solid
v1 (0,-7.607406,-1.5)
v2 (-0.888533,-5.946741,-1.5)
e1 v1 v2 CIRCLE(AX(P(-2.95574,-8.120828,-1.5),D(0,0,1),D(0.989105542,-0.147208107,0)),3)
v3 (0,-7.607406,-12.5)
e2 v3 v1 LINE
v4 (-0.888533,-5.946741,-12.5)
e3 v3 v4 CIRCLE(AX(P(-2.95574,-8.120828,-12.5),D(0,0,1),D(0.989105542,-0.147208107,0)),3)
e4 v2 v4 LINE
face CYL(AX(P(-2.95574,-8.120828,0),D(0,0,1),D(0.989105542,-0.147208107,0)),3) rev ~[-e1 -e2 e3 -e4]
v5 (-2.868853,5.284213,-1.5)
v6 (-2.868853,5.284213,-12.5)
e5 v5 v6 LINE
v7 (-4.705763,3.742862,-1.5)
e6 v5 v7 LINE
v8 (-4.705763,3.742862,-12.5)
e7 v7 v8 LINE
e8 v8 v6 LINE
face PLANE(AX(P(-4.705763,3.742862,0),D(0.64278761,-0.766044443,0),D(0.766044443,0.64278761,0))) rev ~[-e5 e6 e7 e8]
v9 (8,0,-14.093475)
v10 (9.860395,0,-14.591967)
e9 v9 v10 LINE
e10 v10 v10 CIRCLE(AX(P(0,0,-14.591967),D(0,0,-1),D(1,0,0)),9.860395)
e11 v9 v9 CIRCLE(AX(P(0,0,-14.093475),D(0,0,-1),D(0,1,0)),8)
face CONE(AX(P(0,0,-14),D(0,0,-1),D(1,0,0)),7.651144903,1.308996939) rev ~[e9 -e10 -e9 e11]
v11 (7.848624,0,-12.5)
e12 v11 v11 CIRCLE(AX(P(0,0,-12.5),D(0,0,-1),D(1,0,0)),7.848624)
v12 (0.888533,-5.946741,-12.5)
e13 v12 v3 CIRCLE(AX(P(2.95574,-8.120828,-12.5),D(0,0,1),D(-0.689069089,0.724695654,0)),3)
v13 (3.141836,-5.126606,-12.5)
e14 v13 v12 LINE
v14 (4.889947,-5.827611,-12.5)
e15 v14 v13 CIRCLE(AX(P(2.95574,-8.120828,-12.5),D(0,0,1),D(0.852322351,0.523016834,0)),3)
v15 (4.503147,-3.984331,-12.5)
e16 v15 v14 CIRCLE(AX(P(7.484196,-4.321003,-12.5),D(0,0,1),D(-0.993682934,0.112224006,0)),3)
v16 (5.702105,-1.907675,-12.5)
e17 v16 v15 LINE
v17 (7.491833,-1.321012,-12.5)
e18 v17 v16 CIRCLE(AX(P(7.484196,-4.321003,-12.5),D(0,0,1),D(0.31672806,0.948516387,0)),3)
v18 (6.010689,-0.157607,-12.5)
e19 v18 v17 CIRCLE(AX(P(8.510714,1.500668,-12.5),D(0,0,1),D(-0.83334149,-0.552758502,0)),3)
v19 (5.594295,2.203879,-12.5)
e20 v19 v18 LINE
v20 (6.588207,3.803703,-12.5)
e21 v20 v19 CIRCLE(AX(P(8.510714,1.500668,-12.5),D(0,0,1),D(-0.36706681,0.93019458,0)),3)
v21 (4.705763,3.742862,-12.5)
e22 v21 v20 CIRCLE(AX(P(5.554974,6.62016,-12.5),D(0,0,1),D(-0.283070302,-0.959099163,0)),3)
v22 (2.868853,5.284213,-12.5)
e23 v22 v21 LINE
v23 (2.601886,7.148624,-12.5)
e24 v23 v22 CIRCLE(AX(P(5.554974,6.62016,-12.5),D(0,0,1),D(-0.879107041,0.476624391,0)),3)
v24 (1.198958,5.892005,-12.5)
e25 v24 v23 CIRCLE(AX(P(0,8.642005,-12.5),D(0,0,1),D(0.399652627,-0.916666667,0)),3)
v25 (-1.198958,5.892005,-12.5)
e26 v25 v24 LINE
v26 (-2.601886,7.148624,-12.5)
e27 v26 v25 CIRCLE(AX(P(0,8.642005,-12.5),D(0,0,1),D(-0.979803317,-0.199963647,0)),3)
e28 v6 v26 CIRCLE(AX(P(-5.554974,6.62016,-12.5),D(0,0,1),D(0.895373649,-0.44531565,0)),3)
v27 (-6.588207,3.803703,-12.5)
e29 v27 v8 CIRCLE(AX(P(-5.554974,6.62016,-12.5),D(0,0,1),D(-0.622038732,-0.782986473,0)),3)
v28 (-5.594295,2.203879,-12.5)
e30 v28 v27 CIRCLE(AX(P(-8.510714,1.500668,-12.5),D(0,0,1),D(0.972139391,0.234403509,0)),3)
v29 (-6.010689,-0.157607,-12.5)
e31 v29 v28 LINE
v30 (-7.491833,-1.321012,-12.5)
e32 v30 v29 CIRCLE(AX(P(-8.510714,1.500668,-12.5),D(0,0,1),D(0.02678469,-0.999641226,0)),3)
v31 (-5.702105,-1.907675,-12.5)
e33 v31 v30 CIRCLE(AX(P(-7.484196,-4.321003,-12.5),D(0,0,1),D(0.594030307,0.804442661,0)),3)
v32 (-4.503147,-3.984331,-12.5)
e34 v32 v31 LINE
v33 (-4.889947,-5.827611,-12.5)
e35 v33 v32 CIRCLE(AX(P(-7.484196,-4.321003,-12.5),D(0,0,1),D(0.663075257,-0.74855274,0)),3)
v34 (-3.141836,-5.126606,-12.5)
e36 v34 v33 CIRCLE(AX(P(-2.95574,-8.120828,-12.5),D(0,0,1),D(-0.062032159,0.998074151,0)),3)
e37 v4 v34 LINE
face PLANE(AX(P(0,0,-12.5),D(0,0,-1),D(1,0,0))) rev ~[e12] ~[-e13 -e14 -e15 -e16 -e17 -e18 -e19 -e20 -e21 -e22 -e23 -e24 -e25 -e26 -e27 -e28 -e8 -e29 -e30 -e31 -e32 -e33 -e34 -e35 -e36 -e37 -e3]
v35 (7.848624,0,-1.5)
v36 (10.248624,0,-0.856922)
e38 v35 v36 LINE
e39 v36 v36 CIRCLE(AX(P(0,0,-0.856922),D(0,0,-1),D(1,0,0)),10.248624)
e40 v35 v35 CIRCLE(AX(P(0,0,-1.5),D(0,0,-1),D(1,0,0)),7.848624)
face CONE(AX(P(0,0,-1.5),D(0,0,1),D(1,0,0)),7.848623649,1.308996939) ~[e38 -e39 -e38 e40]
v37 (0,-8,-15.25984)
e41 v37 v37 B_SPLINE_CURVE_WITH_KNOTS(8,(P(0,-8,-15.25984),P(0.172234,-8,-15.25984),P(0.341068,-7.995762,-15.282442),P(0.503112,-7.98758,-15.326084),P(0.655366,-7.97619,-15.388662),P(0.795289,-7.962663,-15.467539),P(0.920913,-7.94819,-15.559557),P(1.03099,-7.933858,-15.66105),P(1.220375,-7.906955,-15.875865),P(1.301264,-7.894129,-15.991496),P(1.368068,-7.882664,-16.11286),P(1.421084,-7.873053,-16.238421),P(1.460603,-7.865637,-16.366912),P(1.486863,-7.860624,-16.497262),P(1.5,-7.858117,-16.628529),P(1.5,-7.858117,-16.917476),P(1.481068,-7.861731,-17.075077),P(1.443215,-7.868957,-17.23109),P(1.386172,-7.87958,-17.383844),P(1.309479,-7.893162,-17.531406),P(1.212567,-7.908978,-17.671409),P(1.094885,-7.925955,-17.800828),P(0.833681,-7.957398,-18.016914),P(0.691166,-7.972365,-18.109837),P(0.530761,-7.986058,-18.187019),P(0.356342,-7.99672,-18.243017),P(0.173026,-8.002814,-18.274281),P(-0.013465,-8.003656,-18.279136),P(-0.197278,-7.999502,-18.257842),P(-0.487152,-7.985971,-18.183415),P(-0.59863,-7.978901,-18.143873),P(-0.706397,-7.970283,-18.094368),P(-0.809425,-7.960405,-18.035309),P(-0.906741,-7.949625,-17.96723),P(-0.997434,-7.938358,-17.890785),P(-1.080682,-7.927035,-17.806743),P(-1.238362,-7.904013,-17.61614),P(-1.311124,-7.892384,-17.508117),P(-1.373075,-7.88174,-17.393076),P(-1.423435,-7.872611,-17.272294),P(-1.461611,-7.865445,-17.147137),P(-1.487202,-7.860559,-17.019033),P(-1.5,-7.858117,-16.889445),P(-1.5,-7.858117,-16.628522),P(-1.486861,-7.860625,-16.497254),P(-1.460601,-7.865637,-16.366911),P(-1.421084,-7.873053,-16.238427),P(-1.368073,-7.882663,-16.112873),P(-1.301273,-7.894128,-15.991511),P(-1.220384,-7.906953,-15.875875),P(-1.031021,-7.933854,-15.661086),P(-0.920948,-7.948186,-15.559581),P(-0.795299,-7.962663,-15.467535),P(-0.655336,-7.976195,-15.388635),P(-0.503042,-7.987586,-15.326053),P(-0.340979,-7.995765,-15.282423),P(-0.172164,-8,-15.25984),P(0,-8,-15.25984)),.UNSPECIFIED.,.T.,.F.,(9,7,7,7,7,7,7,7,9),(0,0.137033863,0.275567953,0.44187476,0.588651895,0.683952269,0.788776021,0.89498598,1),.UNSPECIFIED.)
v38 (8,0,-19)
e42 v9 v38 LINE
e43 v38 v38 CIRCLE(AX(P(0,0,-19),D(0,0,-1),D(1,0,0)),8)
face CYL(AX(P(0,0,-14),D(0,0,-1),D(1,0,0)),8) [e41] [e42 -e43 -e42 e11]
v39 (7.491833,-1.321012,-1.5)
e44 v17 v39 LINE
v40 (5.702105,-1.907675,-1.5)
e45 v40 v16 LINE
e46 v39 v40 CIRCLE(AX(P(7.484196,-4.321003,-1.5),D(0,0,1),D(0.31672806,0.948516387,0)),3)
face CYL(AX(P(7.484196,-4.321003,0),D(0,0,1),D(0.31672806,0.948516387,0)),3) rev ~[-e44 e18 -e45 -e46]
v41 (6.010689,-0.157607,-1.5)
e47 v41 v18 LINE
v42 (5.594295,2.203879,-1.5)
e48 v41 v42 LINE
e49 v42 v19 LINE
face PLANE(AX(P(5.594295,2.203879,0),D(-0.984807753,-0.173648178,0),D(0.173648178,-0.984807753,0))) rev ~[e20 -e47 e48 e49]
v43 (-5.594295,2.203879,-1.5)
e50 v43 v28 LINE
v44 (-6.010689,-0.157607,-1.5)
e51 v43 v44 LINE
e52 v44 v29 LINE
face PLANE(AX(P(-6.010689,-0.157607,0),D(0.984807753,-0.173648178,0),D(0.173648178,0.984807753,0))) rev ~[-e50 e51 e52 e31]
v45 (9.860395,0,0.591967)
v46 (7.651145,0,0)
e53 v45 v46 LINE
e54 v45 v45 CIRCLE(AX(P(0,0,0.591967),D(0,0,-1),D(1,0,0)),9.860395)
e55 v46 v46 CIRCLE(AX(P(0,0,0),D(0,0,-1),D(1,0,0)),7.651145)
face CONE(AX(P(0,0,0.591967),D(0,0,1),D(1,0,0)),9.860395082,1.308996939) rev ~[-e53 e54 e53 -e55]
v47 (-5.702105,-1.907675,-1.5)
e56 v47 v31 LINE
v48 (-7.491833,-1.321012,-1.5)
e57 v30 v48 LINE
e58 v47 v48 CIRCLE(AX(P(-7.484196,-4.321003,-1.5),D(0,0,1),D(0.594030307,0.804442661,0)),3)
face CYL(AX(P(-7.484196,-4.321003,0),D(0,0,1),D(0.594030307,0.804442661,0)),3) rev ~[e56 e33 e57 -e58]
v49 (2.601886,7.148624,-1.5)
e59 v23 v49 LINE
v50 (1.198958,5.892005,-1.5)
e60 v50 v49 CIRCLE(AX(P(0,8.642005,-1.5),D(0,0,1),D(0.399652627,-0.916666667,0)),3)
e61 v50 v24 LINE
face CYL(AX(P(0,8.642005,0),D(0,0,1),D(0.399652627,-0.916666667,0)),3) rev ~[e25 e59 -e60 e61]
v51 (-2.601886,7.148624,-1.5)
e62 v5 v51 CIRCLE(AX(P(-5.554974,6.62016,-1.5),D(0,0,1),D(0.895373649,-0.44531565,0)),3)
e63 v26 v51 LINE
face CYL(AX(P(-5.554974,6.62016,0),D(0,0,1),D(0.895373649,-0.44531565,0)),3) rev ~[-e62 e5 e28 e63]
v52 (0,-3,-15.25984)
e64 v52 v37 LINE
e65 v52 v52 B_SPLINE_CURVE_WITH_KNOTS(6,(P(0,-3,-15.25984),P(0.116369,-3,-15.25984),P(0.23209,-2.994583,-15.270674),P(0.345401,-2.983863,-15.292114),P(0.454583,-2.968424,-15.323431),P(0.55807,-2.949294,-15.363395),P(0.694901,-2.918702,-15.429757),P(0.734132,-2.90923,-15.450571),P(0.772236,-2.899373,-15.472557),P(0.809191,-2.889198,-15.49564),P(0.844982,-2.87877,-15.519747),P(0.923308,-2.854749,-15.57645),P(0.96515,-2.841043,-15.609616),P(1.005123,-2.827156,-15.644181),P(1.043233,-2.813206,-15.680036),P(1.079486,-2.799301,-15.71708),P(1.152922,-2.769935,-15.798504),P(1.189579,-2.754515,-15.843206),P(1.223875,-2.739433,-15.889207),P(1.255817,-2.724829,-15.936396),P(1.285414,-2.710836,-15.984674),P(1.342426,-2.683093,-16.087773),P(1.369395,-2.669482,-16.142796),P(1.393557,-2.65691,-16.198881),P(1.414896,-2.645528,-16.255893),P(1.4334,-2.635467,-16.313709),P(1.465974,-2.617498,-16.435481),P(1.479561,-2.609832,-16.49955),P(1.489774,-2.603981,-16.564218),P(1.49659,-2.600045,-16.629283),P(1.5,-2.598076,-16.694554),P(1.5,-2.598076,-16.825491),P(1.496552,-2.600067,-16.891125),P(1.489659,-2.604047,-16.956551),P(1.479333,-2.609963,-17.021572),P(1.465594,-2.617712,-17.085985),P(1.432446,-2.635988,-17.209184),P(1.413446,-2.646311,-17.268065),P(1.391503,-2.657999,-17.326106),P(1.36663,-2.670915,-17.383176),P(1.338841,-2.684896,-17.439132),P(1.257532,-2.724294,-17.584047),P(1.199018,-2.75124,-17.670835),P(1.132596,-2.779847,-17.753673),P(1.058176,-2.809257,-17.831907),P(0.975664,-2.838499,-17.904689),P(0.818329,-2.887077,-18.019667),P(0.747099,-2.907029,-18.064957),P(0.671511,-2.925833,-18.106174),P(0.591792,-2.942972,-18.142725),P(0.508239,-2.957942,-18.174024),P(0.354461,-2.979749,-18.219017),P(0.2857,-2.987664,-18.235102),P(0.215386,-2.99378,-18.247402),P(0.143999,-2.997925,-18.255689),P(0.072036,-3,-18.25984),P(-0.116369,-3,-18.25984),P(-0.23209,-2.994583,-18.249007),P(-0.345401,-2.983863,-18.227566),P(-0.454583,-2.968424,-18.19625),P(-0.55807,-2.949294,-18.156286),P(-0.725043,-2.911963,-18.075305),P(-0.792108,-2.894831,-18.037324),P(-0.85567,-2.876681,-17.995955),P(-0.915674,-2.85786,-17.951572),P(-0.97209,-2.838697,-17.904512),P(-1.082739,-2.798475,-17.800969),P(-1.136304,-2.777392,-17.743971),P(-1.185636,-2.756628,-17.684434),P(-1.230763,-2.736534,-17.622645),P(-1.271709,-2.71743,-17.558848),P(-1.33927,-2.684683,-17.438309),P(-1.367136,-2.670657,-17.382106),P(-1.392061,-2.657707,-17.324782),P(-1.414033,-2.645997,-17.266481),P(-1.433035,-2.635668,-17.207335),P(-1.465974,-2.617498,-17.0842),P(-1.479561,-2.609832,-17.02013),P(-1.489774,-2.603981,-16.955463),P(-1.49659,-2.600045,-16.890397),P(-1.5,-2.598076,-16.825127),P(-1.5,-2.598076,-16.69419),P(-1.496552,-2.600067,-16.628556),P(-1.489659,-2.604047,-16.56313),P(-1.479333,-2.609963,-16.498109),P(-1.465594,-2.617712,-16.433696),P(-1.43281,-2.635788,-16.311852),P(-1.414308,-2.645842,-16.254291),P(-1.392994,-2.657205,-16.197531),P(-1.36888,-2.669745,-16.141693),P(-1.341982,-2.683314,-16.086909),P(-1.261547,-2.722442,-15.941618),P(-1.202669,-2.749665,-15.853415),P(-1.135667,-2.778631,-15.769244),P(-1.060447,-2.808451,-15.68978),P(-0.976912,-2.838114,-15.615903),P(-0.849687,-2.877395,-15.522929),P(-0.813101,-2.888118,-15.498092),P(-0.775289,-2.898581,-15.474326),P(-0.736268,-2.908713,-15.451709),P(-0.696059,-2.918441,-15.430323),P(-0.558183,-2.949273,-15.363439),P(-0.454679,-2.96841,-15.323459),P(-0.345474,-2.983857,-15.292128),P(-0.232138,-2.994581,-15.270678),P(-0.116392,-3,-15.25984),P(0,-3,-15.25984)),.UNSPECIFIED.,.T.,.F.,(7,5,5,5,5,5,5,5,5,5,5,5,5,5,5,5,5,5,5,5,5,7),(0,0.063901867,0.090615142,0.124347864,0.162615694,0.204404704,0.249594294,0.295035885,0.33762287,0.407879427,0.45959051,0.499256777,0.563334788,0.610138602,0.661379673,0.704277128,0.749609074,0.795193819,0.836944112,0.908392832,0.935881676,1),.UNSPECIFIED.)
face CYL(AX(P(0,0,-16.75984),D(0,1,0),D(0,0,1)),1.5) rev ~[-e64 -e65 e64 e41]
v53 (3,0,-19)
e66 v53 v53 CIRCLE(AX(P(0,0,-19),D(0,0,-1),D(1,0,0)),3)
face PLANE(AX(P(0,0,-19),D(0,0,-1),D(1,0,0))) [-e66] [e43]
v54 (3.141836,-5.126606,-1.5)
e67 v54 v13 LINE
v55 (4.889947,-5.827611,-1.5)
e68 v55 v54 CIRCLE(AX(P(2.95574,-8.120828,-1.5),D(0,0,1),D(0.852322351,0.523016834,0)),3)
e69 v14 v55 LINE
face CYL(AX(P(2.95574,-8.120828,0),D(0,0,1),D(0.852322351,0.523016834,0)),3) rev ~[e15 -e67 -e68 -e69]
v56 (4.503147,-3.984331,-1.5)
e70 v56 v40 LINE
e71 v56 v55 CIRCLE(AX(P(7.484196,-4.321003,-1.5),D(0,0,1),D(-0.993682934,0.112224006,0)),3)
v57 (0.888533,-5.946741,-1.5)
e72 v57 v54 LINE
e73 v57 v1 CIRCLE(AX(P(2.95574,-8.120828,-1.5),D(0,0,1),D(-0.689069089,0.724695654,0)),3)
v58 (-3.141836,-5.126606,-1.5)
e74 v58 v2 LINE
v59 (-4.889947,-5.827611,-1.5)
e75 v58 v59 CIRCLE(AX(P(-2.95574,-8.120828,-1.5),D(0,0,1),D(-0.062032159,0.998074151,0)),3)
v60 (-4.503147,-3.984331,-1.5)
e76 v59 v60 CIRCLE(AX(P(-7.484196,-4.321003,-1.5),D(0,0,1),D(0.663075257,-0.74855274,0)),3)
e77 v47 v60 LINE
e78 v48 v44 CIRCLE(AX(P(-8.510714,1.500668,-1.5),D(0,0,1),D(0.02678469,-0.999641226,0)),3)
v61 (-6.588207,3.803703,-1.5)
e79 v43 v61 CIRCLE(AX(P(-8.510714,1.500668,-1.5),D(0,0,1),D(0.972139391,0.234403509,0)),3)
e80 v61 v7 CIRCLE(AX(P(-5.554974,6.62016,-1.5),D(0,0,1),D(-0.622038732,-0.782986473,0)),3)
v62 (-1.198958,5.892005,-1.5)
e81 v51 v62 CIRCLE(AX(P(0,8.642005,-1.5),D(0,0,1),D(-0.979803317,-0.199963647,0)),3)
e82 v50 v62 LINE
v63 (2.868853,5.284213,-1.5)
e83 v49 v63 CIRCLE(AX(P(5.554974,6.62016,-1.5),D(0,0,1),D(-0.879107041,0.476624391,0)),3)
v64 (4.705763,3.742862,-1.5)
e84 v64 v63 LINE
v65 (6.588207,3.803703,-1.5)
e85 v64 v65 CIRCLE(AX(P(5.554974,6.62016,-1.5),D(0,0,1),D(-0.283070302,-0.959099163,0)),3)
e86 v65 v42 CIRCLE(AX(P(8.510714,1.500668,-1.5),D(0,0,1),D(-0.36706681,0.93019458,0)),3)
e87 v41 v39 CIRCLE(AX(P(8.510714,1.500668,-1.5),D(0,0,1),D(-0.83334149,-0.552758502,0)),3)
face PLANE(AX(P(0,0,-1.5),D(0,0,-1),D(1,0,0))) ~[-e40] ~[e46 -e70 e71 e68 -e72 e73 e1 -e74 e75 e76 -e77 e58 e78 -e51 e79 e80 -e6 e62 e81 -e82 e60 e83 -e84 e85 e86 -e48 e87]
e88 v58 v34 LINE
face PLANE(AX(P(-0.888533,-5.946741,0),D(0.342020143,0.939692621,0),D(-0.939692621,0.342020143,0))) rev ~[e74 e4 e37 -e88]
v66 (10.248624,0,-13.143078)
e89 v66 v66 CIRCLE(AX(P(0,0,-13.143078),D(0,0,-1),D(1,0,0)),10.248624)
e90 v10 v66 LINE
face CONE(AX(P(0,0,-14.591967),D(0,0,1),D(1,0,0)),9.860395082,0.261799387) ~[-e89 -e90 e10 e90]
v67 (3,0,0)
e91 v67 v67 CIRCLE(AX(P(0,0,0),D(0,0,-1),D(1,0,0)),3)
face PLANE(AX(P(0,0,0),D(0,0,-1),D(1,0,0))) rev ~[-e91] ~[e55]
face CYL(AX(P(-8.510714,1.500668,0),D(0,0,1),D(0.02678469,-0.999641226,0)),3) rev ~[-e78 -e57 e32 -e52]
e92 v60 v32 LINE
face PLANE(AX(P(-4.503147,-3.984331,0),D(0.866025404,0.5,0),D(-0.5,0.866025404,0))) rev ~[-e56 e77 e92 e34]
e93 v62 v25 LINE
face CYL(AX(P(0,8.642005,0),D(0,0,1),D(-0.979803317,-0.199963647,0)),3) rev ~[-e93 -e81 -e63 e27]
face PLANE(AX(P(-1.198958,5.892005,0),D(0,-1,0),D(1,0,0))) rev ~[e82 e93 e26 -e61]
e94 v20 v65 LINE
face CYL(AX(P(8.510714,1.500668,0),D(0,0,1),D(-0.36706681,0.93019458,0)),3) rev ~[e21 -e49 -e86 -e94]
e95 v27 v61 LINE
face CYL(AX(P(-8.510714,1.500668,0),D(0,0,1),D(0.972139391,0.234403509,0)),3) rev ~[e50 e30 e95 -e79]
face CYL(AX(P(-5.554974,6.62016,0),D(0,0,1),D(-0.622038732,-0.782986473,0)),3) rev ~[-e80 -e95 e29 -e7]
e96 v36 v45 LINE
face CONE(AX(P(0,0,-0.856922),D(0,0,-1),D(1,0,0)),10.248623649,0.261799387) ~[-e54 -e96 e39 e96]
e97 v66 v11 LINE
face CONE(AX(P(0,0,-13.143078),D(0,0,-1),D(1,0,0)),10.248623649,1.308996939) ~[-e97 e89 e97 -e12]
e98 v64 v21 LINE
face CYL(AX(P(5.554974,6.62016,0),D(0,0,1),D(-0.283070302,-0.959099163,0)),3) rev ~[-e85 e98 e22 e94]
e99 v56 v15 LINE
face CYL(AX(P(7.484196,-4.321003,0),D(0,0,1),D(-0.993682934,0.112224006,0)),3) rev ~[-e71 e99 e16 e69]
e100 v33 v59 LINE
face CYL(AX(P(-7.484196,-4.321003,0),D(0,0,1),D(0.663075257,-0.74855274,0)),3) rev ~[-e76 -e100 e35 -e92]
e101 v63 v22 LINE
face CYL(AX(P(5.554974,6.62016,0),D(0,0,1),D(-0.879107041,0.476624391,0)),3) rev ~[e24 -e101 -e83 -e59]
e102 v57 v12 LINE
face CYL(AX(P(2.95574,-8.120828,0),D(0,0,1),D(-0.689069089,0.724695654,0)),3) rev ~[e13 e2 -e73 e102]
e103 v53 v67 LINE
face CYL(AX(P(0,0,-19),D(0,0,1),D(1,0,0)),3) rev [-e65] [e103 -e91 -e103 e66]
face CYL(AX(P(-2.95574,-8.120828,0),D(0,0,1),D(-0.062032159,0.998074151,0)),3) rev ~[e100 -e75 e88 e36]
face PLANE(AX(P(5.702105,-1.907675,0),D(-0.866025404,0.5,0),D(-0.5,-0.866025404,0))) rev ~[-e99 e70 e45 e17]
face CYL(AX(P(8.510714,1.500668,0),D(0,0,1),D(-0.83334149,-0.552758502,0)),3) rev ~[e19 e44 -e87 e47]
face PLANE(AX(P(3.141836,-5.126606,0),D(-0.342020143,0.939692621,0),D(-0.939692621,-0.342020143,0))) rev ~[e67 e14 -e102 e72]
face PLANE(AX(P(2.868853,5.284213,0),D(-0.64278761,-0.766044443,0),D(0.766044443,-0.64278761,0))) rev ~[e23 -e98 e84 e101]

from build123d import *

# Parameters (mm, degrees)
CUT_EXTRUDE1_DEPTH = 14
CIRPATTERN17_COUNT = 9
SKETCH6_R          = 1.5
CUT_EXTRUDE2_DEPTH = 10


with BuildPart() as part:
    # Sketch1 → Revolve1 (revolve)
    with BuildSketch(Plane(origin=(0, 0, 0), x_dir=(0, 0, -1), z_dir=(1, 0, 0)), mode=Mode.PRIVATE) as revolve1_sk:
        Polygon((0, 3), (0, 10), (14, 10), (14, 8), (19, 8), (19, 3), align=None)
    revolve(revolve1_sk.sketch.rotate(Axis((0, 0, 55), (0, 0, -1)), 90), axis=Axis((0, 0, 55), (0, 0, -1)))

    # Sketch2 → Cut-Extrude1 (cut)
    with BuildSketch(Plane.XY):
        with BuildLine():
            Line((3.674262438, 8.642141394), (3.75, 8.642141394))
            Line((3.75, 8.642141394), (3.75, 10.642141394))
            Line((3.75, 10.642141394), (-3.75, 10.642141394))
            Line((-3.75, 10.642141394), (-3.75, 8.642141394))
            Line((-3.75, 8.642141394), (-3.674262438, 8.642141394))
            ThreePointArc((-3.674262438, 8.642141394), (-3.199910012, 8.473080096), (-2.93940995, 8.04211413))
            ThreePointArc((-2.93940995, 8.04211413), (-2.331794227, 6.754484031), (-1.198957881, 5.892005073))
            Line((-1.198957881, 5.892005073), (1.198957881, 5.892005073))
            ThreePointArc((1.198957881, 5.892005073), (2.331794227, 6.754484031), (2.93940995, 8.04211413))
            ThreePointArc((2.93940995, 8.04211413), (3.199910012, 8.473080096), (3.674262438, 8.642141394))
        make_face()
    cut_extrude1 = extrude(amount=-CUT_EXTRUDE1_DEPTH, mode=Mode.SUBTRACT)

    # CirPattern17: Cut-Extrude1 ×9 about axis
    cirpattern17_axis = Axis((0, 0, 0), (0, 0, 1))
    for i in range(1, CIRPATTERN17_COUNT):
        add(cut_extrude1.rotate(cirpattern17_axis, i * 360 / CIRPATTERN17_COUNT), mode=Mode.SUBTRACT)

    # Sketch3 → Revolve2 (revolve)
    with BuildSketch(Plane(origin=(0, 0, 0), x_dir=(0, 0, -1), z_dir=(1, 0, 0)), mode=Mode.PRIVATE) as revolve2_sk:
        Polygon((0, 7.651144903), (0, 3.803703196), (1.5, 3.803703196), (1.5, 7.848623649), (0.856921938, 10.248623649), (-0.591966801, 9.860395082), align=None)
        Polygon((14.591966801, 9.860395082), (13.143078062, 10.248623649), (12.5, 7.848623649), (12.5, 3.803703196), (14, 3.803703196), (14, 7.651144903), align=None)
    revolve(revolve2_sk.sketch.rotate(Axis((0, 0, 55), (0, 0, -1)), 90), axis=Axis((0, 0, 55), (0, 0, -1)))

    # Sketch6 → Cut-Extrude2 (cut)
    with BuildSketch(Plane(origin=(0, 0, 0), x_dir=(1, 0, 0), z_dir=(0, 1, 0))):
        with Locations(Location((0, 16.759840403, 0), (0, 0, 270))):
            Circle(SKETCH6_R)
    extrude(amount=-CUT_EXTRUDE2_DEPTH, mode=Mode.SUBTRACT)


solid = part.part
